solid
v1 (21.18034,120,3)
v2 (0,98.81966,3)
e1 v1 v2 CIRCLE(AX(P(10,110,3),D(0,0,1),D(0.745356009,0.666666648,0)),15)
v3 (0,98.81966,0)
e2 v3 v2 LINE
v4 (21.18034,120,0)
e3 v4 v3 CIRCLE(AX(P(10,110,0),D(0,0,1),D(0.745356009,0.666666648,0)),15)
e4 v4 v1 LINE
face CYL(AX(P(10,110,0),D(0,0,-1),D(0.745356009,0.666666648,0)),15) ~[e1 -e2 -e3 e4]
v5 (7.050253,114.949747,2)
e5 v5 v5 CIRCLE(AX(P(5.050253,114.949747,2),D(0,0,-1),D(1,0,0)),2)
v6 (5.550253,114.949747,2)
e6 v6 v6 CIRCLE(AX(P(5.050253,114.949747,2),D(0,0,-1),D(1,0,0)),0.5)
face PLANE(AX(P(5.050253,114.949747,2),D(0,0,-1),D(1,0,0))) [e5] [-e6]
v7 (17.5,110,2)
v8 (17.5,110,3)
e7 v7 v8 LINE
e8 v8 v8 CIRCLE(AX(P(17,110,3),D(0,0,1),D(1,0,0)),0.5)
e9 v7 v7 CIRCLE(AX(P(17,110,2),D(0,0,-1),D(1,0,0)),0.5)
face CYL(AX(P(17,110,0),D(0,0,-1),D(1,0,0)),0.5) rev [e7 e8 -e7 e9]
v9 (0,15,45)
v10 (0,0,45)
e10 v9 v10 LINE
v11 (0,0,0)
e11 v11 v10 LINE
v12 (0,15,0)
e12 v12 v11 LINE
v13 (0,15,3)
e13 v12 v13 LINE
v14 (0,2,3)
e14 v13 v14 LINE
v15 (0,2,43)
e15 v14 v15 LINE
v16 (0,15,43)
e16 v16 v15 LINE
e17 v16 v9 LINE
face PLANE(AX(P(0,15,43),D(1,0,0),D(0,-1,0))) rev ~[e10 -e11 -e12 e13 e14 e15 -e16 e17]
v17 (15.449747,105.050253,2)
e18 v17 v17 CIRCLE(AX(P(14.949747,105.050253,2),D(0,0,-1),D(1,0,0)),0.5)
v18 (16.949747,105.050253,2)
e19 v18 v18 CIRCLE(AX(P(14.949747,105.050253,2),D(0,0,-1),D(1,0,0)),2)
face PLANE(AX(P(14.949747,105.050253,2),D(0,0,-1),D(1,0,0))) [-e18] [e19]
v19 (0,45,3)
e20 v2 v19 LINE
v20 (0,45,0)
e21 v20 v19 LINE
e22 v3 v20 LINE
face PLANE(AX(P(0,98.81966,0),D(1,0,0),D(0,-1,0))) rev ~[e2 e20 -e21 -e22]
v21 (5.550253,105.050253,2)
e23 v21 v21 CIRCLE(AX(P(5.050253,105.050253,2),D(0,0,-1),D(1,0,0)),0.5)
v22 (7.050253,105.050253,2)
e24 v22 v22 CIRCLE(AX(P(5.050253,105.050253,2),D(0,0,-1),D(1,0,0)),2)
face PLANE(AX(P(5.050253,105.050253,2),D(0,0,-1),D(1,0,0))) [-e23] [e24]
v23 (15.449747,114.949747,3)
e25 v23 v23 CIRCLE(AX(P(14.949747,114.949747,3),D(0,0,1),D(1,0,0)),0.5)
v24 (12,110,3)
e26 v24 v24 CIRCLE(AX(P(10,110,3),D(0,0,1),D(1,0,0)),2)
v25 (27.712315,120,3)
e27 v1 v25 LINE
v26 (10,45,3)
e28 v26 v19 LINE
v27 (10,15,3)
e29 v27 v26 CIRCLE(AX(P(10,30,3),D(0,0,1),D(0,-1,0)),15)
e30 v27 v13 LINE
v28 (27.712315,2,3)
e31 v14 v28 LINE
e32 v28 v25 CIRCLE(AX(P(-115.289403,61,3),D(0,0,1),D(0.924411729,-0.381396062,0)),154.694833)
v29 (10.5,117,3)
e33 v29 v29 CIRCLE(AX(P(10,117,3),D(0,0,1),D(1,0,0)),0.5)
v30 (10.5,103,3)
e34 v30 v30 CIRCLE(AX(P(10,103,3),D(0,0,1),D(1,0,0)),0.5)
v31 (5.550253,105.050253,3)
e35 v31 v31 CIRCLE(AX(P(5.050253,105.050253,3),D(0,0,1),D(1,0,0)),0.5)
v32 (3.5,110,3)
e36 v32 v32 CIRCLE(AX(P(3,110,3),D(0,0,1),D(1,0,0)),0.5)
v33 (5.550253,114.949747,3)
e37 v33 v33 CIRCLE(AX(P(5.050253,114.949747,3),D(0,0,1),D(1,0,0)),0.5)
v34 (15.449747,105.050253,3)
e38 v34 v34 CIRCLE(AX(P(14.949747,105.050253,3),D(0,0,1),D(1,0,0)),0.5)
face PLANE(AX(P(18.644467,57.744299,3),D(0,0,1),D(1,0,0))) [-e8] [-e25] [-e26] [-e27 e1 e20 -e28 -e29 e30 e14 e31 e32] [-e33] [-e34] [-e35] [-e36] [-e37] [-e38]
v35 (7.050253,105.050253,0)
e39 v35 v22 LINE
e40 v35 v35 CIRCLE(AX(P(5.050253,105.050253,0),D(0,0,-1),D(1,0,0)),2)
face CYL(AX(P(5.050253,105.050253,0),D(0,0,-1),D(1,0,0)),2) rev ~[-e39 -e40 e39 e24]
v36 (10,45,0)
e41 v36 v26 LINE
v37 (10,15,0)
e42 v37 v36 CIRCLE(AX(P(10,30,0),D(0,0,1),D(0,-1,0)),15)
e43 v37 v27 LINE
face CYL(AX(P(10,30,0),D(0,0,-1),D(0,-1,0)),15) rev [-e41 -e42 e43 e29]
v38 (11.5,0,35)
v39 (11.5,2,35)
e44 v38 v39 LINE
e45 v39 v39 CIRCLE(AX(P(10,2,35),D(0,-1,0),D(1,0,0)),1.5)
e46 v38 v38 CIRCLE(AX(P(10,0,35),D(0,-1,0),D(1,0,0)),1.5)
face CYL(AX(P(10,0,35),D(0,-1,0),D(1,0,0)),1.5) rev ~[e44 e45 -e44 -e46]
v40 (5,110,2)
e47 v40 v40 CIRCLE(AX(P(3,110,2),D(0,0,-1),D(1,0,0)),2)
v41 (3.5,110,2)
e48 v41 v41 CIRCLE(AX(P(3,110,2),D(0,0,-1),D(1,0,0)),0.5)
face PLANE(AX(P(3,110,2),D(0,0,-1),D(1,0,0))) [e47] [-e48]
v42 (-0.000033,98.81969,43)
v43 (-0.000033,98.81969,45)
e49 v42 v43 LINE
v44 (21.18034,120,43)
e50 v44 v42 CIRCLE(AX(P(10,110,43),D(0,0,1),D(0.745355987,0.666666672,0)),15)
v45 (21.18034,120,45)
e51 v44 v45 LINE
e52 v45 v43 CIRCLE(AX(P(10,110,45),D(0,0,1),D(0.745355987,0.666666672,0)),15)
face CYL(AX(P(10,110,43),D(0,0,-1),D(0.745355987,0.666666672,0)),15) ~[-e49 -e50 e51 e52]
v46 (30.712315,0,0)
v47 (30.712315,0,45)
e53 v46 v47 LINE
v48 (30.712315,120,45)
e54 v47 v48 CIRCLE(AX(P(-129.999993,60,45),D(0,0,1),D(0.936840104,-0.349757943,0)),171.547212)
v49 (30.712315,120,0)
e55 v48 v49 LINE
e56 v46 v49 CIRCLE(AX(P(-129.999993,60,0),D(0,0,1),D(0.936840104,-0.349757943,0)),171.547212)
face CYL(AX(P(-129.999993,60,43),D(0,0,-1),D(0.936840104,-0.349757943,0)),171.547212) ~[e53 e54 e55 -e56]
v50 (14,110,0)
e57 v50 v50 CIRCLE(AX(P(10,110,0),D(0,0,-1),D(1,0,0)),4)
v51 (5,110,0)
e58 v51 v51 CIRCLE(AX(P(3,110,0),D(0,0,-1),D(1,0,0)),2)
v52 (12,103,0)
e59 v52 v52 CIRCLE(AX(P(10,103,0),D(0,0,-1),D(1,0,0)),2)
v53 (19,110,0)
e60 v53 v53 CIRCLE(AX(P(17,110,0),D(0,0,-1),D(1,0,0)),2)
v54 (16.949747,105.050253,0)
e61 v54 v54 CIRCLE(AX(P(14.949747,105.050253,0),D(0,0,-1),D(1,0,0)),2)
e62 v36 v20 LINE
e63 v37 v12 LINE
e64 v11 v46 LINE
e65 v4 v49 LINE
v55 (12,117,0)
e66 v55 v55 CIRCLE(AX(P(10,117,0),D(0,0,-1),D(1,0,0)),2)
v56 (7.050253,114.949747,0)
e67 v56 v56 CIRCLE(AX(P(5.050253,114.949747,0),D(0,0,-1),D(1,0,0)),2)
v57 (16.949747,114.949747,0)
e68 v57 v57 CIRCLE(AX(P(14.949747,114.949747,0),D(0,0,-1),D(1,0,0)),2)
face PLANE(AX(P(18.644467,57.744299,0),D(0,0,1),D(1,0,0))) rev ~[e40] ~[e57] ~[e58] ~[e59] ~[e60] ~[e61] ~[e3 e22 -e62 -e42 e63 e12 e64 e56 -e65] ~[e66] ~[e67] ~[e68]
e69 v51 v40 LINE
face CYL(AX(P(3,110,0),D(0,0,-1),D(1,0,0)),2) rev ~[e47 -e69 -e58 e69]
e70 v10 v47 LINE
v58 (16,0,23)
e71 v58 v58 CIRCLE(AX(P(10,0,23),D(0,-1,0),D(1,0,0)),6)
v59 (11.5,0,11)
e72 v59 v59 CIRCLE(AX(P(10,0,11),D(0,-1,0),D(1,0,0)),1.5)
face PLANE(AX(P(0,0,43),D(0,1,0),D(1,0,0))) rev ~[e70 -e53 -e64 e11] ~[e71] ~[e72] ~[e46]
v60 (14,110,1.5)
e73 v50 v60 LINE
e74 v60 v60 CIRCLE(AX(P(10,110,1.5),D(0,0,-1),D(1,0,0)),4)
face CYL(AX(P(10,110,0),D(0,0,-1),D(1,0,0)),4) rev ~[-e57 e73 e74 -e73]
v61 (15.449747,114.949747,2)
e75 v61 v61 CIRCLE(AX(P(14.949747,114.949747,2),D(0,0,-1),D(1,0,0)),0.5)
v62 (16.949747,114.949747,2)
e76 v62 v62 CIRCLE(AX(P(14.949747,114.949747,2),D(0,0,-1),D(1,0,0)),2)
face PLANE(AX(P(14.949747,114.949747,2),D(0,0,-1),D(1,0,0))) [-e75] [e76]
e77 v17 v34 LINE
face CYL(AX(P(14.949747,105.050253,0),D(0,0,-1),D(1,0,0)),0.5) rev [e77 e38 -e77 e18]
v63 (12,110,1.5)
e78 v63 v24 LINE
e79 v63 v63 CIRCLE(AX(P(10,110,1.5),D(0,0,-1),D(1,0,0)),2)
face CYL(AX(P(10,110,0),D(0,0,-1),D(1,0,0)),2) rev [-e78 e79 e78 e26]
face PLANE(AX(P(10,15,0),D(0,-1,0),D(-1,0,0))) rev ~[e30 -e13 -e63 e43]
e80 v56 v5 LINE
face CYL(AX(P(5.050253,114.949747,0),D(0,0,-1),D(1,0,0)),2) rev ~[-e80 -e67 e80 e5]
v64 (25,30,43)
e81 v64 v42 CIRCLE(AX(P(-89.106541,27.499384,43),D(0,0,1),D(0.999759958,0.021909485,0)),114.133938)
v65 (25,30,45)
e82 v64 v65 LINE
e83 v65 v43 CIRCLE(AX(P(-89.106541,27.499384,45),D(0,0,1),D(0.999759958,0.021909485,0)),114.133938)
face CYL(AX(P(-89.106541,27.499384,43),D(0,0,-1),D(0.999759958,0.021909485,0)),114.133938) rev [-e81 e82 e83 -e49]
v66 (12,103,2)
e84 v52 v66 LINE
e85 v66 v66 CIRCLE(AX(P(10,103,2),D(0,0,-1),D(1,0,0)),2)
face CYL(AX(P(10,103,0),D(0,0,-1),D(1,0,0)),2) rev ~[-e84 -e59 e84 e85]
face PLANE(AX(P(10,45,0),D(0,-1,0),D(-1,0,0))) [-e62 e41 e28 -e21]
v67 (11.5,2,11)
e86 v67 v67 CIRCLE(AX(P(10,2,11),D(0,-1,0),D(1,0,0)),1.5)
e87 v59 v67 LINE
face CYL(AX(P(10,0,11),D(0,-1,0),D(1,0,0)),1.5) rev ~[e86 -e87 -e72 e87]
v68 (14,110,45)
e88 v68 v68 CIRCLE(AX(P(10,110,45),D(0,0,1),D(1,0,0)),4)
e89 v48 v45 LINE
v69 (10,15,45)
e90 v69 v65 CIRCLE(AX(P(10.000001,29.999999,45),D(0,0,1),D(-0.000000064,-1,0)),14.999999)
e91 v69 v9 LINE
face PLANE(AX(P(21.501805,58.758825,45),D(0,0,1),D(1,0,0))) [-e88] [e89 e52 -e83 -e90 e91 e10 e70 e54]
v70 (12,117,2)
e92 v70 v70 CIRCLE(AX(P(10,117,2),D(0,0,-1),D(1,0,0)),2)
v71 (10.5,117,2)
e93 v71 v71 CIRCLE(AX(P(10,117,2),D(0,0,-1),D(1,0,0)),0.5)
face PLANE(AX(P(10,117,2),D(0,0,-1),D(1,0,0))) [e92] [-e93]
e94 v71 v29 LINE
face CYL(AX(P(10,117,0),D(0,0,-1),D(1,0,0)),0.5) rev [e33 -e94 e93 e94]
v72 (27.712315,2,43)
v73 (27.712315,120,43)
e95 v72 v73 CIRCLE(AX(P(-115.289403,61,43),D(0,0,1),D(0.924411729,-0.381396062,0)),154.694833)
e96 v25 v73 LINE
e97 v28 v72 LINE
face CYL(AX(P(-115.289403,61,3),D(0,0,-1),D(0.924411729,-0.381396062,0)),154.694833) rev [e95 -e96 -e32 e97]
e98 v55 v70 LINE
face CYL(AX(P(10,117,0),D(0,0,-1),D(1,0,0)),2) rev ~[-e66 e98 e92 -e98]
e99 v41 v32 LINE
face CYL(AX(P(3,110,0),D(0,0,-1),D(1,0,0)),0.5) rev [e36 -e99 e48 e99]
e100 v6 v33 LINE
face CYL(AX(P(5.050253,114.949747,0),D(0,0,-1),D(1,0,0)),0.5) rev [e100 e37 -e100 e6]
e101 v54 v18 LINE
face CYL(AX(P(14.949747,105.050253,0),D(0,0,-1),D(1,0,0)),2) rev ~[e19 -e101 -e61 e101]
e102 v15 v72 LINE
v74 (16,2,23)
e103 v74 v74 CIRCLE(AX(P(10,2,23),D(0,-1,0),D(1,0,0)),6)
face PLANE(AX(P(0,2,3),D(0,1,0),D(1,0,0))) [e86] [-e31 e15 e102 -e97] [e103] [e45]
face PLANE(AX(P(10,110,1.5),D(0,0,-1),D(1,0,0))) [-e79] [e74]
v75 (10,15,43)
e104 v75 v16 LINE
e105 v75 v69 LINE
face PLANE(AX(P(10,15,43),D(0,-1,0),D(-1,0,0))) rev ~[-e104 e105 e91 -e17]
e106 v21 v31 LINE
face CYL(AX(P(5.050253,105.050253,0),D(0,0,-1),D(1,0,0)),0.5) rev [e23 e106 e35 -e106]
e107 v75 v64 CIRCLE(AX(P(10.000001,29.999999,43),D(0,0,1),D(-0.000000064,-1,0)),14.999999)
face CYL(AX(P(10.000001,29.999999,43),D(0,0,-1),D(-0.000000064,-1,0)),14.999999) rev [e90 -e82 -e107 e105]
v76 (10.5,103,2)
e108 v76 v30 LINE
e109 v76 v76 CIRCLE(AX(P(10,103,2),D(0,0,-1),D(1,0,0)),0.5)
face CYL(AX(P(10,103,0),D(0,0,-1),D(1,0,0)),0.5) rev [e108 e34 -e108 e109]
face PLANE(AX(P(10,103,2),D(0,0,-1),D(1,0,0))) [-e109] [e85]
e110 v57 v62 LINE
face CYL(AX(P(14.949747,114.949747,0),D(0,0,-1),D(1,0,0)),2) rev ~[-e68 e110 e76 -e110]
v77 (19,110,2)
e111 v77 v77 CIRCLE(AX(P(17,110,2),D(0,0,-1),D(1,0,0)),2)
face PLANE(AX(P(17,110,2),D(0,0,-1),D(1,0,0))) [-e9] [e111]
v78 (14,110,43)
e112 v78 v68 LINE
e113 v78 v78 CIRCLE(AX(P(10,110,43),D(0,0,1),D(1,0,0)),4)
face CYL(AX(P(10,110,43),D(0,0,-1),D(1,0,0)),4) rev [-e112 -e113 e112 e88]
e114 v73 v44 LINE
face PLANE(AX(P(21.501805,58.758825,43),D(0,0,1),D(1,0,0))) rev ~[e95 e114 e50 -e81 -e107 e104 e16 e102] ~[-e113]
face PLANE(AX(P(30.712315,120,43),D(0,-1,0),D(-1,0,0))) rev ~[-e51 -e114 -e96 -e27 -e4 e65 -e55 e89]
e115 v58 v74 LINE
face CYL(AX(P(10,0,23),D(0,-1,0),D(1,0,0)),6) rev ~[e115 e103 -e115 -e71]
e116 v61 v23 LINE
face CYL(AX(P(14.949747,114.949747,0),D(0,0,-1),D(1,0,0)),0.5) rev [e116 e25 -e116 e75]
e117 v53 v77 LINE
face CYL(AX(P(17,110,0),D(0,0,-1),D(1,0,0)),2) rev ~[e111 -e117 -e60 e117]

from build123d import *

# Parameters (mm, degrees)
SKETCH_R        = 2
SKETCH_R_2      = 0.5
PAD_DEPTH       = 3
SKETCH003_R     = 2
POCKET_DEPTH    = 2
PAD001_DEPTH    = 40
SKETCH001_R     = 4
PAD002_DEPTH    = 2
SKETCH004_R     = 6
SKETCH004_R_2   = 1.5
POCKET001_DEPTH = 5
SKETCH005_R     = 4
POCKET002_DEPTH = 1.5


with BuildPart() as part:
    # Sketch → Pad (new body)
    with BuildSketch(Plane.XY):
        with BuildLine():
            Line((0, 0), (30.712315, 0))
            ThreePointArc((30.712315, 0), (41.547219, 60), (30.712315, 120))
            Line((21.18034, 120), (30.712315, 120))
            ThreePointArc((21.18034, 120), (-0.606602, 120.606602), (0, 98.81966))
            Line((0, 98.81966), (0, 45))
            Line((10, 45), (0, 45))
            ThreePointArc((10, 15), (25, 30), (10, 45))
            Line((10, 15), (0, 15))
            Line((0, 15), (0, 0))
        make_face()
        with Locations((10, 110)):
            Circle(SKETCH_R, mode=Mode.SUBTRACT)
        with Locations((10, 117)):
            Circle(SKETCH_R_2, mode=Mode.SUBTRACT)
        with Locations((17, 110)):
            Circle(SKETCH_R_2, mode=Mode.SUBTRACT)
        with Locations((10, 103)):
            Circle(SKETCH_R_2, mode=Mode.SUBTRACT)
        with Locations((3, 110)):
            Circle(SKETCH_R_2, mode=Mode.SUBTRACT)
        with Locations((14.949747, 114.949747)):
            Circle(SKETCH_R_2, mode=Mode.SUBTRACT)
        with Locations((14.949747, 105.050253)):
            Circle(SKETCH_R_2, mode=Mode.SUBTRACT)
        with Locations((5.050253, 105.050253)):
            Circle(SKETCH_R_2, mode=Mode.SUBTRACT)
        with Locations((5.050253, 114.949747)):
            Circle(SKETCH_R_2, mode=Mode.SUBTRACT)
    extrude(amount=PAD_DEPTH)

    # Sketch003 → Pocket (cut)
    with BuildSketch(Plane(origin=(0, 0, 0), x_dir=(1, 0, 0), z_dir=(0, 0, -1))):
        with Locations((5.050253, -114.949747)):
            Circle(SKETCH003_R)
        with Locations((5.050253, -105.050253)):
            Circle(SKETCH003_R)
        with Locations((14.949747, -105.050253)):
            Circle(SKETCH003_R)
        with Locations((14.949747, -114.949747)):
            Circle(SKETCH003_R)
        with Locations((10, -103)):
            Circle(SKETCH003_R)
        with Locations((17, -110)):
            Circle(SKETCH003_R)
        with Locations((10, -117)):
            Circle(SKETCH003_R)
        with Locations((3, -110)):
            Circle(SKETCH003_R)
    extrude(amount=-POCKET_DEPTH, mode=Mode.SUBTRACT)

    # Sketch002 (on Face20 of Pad) → Pad001 (join)
    with BuildSketch(Plane.XY.offset(3)):
        with BuildLine():
            ThreePointArc((30.712315, 0), (41.547219, 60), (30.712315, 120))
            Line((30.712315, 120), (27.712315, 120))
            ThreePointArc((27.712315, 2), (39.40543, 61), (27.712315, 120))
            Line((0, 2), (27.712315, 2))
            Line((0, 0), (0, 2))
            Line((30.712315, 0), (0, 0))
        make_face()
    extrude(amount=PAD001_DEPTH)

    # Sketch001 (on Face33 of Pad001) → Pad002 (join)
    with BuildSketch(Plane.XY.offset(43)):
        with BuildLine():
            Line((10, 15), (0, 15))
            Line((0, 15), (0, 0))
            Line((0, 0), (30.712315, 0))
            ThreePointArc((30.712315, 0), (41.547219, 60), (30.712315, 120))
            Line((30.712315, 120), (21.18034, 120))
            ThreePointArc((21.18034, 120), (-0.606586, 120.606617), (-3.3e-05, 98.81969))
            ThreePointArc((25, 30), (18.168448, 66.46902), (-3.3e-05, 98.81969))
            ThreePointArc((10, 15), (20.606602, 19.393398), (25, 30))
        make_face()
        with Locations((10, 110)):
            Circle(SKETCH001_R, mode=Mode.SUBTRACT)
    extrude(amount=PAD002_DEPTH)

    # Sketch004 (on Face32 of Pad002) → Pocket001 (cut)
    with BuildSketch(Plane.XZ):
        with Locations((10, 23)):
            Circle(SKETCH004_R)
        with Locations((10, 35)):
            Circle(SKETCH004_R_2)
        with Locations((10, 11)):
            Circle(SKETCH004_R_2)
    extrude(amount=-POCKET001_DEPTH, mode=Mode.SUBTRACT)

    # Sketch005 (on Face4 of Pocket001) → Pocket002 (cut)
    with BuildSketch(Plane(origin=(0, 0, 0), x_dir=(1, 0, 0), z_dir=(0, 0, -1))):
        with Locations((10, -110)):
            Circle(SKETCH005_R)
    extrude(amount=-POCKET002_DEPTH, mode=Mode.SUBTRACT)


solid = part.part
